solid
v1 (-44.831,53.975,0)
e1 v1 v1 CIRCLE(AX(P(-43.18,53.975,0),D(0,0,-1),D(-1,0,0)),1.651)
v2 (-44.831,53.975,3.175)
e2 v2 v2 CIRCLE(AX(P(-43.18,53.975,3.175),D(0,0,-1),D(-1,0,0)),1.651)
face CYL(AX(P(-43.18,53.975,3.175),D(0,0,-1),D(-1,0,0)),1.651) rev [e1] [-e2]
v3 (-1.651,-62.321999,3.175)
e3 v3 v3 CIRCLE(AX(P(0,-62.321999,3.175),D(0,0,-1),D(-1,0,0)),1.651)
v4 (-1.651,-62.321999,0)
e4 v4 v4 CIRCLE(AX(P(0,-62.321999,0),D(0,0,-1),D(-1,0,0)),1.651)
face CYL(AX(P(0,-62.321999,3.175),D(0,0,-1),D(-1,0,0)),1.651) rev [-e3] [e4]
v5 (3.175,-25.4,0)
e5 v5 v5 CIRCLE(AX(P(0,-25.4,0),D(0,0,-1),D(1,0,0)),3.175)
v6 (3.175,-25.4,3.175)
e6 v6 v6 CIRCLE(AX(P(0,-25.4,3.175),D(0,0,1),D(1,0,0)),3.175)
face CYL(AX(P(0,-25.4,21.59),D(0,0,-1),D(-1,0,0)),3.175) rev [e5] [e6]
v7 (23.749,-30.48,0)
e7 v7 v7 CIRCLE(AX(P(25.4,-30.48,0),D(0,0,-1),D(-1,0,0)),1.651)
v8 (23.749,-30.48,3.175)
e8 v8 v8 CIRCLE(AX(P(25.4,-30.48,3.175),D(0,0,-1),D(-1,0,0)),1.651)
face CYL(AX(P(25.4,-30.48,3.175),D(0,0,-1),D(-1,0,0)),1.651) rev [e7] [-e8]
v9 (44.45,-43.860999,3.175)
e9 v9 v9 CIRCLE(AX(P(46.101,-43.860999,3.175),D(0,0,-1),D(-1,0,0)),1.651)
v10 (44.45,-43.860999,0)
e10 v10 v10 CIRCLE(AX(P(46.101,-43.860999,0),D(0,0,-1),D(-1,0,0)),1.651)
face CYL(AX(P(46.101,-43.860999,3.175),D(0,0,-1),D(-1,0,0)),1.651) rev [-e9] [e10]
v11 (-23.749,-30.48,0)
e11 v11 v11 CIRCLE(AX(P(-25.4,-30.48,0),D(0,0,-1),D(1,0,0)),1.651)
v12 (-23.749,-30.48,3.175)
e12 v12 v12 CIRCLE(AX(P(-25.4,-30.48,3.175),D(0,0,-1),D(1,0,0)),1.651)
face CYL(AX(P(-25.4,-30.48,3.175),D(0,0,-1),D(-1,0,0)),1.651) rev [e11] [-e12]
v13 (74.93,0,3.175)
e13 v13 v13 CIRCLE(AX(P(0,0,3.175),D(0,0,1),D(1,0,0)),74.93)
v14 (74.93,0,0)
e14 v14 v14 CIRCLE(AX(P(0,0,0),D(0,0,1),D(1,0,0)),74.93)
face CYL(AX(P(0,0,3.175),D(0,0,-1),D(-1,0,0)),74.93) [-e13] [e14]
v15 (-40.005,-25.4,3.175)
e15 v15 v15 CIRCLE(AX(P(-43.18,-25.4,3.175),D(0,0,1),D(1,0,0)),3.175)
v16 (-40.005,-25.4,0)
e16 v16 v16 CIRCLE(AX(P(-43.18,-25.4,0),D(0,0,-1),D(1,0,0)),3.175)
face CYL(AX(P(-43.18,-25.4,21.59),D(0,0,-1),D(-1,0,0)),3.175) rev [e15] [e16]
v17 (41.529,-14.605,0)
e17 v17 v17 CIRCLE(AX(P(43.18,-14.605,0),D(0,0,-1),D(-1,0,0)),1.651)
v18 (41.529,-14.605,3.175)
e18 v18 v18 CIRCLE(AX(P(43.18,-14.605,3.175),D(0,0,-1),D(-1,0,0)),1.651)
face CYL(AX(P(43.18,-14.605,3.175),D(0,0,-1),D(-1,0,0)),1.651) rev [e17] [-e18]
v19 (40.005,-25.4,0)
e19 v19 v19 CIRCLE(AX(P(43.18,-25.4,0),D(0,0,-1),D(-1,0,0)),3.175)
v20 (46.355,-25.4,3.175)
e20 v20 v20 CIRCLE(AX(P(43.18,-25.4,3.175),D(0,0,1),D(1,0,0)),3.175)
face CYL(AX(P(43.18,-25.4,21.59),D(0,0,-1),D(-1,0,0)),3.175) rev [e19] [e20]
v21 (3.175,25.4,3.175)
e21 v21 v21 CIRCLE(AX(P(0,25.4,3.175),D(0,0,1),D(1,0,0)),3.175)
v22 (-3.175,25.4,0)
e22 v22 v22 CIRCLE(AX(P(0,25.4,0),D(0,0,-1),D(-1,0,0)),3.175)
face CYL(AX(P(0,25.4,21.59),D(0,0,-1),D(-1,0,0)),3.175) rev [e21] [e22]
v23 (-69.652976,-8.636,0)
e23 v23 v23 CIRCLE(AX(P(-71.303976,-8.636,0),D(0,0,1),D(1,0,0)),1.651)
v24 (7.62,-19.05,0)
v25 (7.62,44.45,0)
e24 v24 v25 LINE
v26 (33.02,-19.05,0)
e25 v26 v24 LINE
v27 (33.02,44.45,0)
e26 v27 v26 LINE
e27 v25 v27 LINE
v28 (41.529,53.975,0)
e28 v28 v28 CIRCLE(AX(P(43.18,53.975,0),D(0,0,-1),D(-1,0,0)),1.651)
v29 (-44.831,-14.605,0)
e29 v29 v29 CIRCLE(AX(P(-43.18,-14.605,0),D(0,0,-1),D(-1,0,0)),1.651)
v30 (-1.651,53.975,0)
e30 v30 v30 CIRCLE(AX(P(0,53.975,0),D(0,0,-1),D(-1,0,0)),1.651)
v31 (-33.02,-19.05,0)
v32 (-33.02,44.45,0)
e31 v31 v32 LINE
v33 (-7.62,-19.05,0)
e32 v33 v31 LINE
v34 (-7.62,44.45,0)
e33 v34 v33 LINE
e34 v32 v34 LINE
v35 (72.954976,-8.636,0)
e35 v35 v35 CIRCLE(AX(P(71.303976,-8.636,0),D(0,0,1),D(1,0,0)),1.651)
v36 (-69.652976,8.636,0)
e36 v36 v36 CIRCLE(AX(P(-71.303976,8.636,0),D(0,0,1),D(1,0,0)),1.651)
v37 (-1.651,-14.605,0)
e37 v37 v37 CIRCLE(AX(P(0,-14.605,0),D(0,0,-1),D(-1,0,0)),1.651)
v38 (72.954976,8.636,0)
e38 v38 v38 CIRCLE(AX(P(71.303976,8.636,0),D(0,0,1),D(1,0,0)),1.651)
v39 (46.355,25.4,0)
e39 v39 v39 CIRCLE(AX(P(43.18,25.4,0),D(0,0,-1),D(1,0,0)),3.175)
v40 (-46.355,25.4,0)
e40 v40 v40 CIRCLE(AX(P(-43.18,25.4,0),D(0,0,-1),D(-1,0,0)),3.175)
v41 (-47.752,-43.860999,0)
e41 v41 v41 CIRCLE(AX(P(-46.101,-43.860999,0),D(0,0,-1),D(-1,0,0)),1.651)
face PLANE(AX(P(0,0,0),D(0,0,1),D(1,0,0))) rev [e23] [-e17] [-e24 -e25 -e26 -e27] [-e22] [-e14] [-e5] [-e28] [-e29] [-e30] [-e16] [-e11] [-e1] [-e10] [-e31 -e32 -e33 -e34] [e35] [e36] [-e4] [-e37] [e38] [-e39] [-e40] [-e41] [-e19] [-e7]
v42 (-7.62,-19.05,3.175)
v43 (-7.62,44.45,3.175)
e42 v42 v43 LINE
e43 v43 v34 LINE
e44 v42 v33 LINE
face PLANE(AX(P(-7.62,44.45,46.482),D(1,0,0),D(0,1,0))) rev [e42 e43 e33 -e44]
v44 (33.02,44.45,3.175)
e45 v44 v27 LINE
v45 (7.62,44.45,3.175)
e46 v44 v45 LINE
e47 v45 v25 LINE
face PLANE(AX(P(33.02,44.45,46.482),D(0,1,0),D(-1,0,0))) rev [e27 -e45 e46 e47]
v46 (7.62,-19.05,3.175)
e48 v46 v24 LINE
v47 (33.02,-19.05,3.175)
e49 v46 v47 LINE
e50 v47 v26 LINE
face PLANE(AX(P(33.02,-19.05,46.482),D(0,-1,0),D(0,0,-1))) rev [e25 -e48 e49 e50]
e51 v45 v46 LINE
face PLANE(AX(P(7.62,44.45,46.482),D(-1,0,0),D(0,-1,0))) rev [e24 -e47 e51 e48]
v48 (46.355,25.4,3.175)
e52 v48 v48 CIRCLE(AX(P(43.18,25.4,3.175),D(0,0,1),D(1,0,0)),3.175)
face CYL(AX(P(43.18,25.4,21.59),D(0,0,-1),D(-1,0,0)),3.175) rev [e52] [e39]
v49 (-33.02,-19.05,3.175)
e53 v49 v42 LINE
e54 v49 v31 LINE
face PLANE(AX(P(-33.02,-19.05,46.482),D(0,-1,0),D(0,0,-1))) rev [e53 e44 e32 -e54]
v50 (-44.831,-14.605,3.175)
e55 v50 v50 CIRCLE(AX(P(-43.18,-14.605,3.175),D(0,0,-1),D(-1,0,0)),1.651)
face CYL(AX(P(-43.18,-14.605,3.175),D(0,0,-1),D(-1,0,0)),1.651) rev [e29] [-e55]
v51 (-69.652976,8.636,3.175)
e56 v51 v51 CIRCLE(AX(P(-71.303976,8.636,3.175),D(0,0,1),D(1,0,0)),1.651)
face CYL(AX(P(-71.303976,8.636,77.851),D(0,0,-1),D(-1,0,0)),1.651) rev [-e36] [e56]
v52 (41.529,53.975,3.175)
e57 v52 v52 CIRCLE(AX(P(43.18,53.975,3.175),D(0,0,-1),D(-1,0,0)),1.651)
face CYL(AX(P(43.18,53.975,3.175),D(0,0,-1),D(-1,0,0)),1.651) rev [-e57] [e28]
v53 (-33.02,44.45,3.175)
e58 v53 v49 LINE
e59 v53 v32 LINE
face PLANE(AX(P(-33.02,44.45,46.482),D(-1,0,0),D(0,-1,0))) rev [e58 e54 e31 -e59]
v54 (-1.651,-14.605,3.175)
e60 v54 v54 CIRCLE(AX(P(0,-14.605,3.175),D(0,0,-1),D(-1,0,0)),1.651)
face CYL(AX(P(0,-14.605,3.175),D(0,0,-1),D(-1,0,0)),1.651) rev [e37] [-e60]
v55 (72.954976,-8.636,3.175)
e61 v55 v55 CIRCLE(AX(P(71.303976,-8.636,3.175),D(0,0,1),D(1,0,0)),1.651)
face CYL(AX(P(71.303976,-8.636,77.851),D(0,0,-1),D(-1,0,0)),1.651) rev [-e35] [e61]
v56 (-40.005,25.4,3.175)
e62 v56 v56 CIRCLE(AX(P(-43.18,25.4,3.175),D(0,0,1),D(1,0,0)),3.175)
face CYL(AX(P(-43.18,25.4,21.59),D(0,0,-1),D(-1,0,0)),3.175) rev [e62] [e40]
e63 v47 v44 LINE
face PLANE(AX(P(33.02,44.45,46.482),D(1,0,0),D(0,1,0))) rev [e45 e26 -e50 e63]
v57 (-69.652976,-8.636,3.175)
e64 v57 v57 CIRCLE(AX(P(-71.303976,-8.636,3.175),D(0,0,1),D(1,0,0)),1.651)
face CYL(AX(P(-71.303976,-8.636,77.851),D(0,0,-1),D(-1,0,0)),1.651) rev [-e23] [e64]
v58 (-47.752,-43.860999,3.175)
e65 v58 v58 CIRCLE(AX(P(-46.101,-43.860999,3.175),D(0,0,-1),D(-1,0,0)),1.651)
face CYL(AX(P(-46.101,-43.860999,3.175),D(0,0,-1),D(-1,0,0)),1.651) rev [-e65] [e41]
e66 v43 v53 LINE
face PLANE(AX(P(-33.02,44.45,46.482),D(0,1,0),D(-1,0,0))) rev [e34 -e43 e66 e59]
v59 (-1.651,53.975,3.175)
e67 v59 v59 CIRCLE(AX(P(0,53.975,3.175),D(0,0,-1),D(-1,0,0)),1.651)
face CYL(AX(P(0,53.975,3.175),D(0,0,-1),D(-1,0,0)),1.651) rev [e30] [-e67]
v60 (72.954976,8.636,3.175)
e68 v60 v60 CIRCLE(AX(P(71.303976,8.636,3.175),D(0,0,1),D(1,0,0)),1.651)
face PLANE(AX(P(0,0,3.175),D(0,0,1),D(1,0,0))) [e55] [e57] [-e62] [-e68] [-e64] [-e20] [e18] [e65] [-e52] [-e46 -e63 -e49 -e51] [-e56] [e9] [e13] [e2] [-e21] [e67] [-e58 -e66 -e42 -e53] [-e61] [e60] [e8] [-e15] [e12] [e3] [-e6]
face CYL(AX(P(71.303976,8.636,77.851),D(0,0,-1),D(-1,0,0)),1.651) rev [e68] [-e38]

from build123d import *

# Parameters (mm, degrees)
SKETCH1_R           = 1.651
BOSS_EXTRUDE2_DEPTH = 3.175
SKETCH5_W           = 36.105919561
SKETCH5_H           = 30.801250688
SKETCH5_W_2         = 35.958513686
SKETCH5_H_2         = 33.469345806
BOSS_EXTRUDE4_DEPTH = 3.175
SKETCH11_R          = 1.651
CUT_EXTRUDE7_DEPTH  = 4.175
BOSS_EXTRUDE6_DEPTH = 3.175
SKETCH13_R          = 3.175
CUT_EXTRUDE8_DEPTH  = 21.59
SKETCH14_W          = 25.4
SKETCH14_H          = 63.5
CUT_EXTRUDE9_DEPTH  = 46.482
SKETCH15_R          = 1.651
CUT_EXTRUDE10_DEPTH = 150.876


with BuildPart() as part:
    # Sketch1 → Boss-Extrude2 (new body)
    with BuildSketch(Plane.XY):
        with BuildLine():
            Line((-73.845886141, 12.7), (-56.065886141, 12.7))
            Line((-56.065886141, 12.7), (-56.065886141, -12.7))
            Line((-56.065886141, -12.7), (-73.845886141, -12.7))
            ThreePointArc((-73.845886141, -12.7), (0, -74.93), (73.845886141, -12.7))
            Line((73.845886141, -12.7), (56.065886141, -12.7))
            Line((56.065886141, -12.7), (56.065886141, 12.7))
            Line((56.065886141, 12.7), (73.845886141, 12.7))
            ThreePointArc((73.845886141, 12.7), (0, 74.93), (-73.845886141, 12.7))
        make_face()
        with Locations((-45.466, 11.049)):
            Circle(SKETCH1_R, mode=Mode.SUBTRACT)
        with Locations((-20.067270032, 10.795)):
            Circle(SKETCH1_R, mode=Mode.SUBTRACT)
        with Locations((-20.067270032, -10.795)):
            Circle(SKETCH1_R, mode=Mode.SUBTRACT)
        with Locations((-45.466, -11.049)):
            Circle(SKETCH1_R, mode=Mode.SUBTRACT)
        with Locations((45.466, -11.049)):
            Circle(SKETCH1_R, mode=Mode.SUBTRACT)
        with Locations((20.067270032, -10.795)):
            Circle(SKETCH1_R, mode=Mode.SUBTRACT)
        with Locations((20.067270032, 10.795)):
            Circle(SKETCH1_R, mode=Mode.SUBTRACT)
        with Locations((45.466, 11.049)):
            Circle(SKETCH1_R, mode=Mode.SUBTRACT)
    extrude(amount=BOSS_EXTRUDE2_DEPTH)

    # Sketch5 → Boss-Extrude4 (add)
    with BuildSketch(Plane(origin=(0, 0, 0), x_dir=(-1, 0, 0), z_dir=(0, 0, -1))):
        with Locations((34.78484389, -0.38515144)):
            Rectangle(SKETCH5_W, SKETCH5_H)
        with Locations((-32.830563904, 0.948896119)):
            Rectangle(SKETCH5_W_2, SKETCH5_H_2)
    extrude(amount=-BOSS_EXTRUDE4_DEPTH)

    # Sketch11 → Cut-Extrude7 (cut, through all)
    with BuildSketch(Plane(origin=(0, 0, 0), x_dir=(-1, 0, 0), z_dir=(0, 0, -1))):
        with Locations((43.18, 53.975)):
            Circle(SKETCH11_R)
        with Locations((0, 53.975)):
            Circle(SKETCH11_R)
        with Locations((0, -14.605)):
            Circle(SKETCH11_R)
        with Locations((43.18, -14.605)):
            Circle(SKETCH11_R)
        with Locations((-43.18, 53.975)):
            Circle(SKETCH11_R)
        with Locations((-43.18, -14.605)):
            Circle(SKETCH11_R)
        with Locations((-25.4, -30.48)):
            Circle(SKETCH11_R)
        with Locations((-46.101, -43.8609994)):
            Circle(SKETCH11_R)
        with Locations((46.101, -43.8609994)):
            Circle(SKETCH11_R)
        with Locations((0, -62.3219988)):
            Circle(SKETCH11_R)
        with Locations((25.4, -30.48)):
            Circle(SKETCH11_R)
    extrude(amount=-CUT_EXTRUDE7_DEPTH, mode=Mode.SUBTRACT)

    # Sketch12 → Boss-Extrude6 (add)
    with BuildSketch(Plane(origin=(0, 0, 0), x_dir=(-1, 0, 0), z_dir=(0, 0, -1))):
        with BuildLine():
            Line((-54.995250635, 50.892310889), (-54.566459663, -51.351790425))
            ThreePointArc((-54.566459663, -51.351790425), (-74.929341077, -0.314238422), (-54.995250635, 50.892310889))
        make_face()
        with BuildLine():
            Line((54.995250635, 50.892310889), (54.995250635, -50.892310889))
            ThreePointArc((54.995250635, -50.892310889), (74.93, 0), (54.995250635, 50.892310889))
        make_face()
    extrude(amount=-BOSS_EXTRUDE6_DEPTH)

    # Sketch13 → Cut-Extrude8 (cut)
    with BuildSketch(Plane(origin=(0, 0, 0), x_dir=(-1, 0, 0), z_dir=(0, 0, -1))):
        with Locations((0, 25.4)):
            Circle(SKETCH13_R)
        with Locations((43.18, 25.4)):
            Circle(SKETCH13_R)
        with Locations((-43.18, 25.4)):
            Circle(SKETCH13_R)
        with Locations((-43.18, -25.4)):
            Circle(SKETCH13_R)
        with Locations((0, -25.4)):
            Circle(SKETCH13_R)
        with Locations((43.18, -25.4)):
            Circle(SKETCH13_R)
    extrude(amount=-CUT_EXTRUDE8_DEPTH, mode=Mode.SUBTRACT)

    # Sketch14 → Cut-Extrude9 (cut)
    with BuildSketch(Plane(origin=(0, 0, 0), x_dir=(-1, 0, 0), z_dir=(0, 0, -1))):
        with Locations((-20.32, 12.7)):
            Rectangle(SKETCH14_W, SKETCH14_H)
        with Locations((20.32, 12.7)):
            Rectangle(SKETCH14_W, SKETCH14_H)
    extrude(amount=-CUT_EXTRUDE9_DEPTH, mode=Mode.SUBTRACT)

    # Sketch15 → Cut-Extrude10 (cut)
    with BuildSketch(Plane(origin=(-30.092005081, 4.08352975, -73.025), x_dir=(-1, 0, 0), z_dir=(0, 0, -1))):
        with Locations((-101.395980802, -12.71952975)):
            Circle(SKETCH15_R)
        with Locations((-101.395980802, 4.55247025)):
            Circle(SKETCH15_R)
        with Locations((41.211970641, -12.71952975)):
            Circle(SKETCH15_R)
        with Locations((41.211970641, 4.55247025)):
            Circle(SKETCH15_R)
    extrude(amount=-CUT_EXTRUDE10_DEPTH, mode=Mode.SUBTRACT)


solid = part.part
